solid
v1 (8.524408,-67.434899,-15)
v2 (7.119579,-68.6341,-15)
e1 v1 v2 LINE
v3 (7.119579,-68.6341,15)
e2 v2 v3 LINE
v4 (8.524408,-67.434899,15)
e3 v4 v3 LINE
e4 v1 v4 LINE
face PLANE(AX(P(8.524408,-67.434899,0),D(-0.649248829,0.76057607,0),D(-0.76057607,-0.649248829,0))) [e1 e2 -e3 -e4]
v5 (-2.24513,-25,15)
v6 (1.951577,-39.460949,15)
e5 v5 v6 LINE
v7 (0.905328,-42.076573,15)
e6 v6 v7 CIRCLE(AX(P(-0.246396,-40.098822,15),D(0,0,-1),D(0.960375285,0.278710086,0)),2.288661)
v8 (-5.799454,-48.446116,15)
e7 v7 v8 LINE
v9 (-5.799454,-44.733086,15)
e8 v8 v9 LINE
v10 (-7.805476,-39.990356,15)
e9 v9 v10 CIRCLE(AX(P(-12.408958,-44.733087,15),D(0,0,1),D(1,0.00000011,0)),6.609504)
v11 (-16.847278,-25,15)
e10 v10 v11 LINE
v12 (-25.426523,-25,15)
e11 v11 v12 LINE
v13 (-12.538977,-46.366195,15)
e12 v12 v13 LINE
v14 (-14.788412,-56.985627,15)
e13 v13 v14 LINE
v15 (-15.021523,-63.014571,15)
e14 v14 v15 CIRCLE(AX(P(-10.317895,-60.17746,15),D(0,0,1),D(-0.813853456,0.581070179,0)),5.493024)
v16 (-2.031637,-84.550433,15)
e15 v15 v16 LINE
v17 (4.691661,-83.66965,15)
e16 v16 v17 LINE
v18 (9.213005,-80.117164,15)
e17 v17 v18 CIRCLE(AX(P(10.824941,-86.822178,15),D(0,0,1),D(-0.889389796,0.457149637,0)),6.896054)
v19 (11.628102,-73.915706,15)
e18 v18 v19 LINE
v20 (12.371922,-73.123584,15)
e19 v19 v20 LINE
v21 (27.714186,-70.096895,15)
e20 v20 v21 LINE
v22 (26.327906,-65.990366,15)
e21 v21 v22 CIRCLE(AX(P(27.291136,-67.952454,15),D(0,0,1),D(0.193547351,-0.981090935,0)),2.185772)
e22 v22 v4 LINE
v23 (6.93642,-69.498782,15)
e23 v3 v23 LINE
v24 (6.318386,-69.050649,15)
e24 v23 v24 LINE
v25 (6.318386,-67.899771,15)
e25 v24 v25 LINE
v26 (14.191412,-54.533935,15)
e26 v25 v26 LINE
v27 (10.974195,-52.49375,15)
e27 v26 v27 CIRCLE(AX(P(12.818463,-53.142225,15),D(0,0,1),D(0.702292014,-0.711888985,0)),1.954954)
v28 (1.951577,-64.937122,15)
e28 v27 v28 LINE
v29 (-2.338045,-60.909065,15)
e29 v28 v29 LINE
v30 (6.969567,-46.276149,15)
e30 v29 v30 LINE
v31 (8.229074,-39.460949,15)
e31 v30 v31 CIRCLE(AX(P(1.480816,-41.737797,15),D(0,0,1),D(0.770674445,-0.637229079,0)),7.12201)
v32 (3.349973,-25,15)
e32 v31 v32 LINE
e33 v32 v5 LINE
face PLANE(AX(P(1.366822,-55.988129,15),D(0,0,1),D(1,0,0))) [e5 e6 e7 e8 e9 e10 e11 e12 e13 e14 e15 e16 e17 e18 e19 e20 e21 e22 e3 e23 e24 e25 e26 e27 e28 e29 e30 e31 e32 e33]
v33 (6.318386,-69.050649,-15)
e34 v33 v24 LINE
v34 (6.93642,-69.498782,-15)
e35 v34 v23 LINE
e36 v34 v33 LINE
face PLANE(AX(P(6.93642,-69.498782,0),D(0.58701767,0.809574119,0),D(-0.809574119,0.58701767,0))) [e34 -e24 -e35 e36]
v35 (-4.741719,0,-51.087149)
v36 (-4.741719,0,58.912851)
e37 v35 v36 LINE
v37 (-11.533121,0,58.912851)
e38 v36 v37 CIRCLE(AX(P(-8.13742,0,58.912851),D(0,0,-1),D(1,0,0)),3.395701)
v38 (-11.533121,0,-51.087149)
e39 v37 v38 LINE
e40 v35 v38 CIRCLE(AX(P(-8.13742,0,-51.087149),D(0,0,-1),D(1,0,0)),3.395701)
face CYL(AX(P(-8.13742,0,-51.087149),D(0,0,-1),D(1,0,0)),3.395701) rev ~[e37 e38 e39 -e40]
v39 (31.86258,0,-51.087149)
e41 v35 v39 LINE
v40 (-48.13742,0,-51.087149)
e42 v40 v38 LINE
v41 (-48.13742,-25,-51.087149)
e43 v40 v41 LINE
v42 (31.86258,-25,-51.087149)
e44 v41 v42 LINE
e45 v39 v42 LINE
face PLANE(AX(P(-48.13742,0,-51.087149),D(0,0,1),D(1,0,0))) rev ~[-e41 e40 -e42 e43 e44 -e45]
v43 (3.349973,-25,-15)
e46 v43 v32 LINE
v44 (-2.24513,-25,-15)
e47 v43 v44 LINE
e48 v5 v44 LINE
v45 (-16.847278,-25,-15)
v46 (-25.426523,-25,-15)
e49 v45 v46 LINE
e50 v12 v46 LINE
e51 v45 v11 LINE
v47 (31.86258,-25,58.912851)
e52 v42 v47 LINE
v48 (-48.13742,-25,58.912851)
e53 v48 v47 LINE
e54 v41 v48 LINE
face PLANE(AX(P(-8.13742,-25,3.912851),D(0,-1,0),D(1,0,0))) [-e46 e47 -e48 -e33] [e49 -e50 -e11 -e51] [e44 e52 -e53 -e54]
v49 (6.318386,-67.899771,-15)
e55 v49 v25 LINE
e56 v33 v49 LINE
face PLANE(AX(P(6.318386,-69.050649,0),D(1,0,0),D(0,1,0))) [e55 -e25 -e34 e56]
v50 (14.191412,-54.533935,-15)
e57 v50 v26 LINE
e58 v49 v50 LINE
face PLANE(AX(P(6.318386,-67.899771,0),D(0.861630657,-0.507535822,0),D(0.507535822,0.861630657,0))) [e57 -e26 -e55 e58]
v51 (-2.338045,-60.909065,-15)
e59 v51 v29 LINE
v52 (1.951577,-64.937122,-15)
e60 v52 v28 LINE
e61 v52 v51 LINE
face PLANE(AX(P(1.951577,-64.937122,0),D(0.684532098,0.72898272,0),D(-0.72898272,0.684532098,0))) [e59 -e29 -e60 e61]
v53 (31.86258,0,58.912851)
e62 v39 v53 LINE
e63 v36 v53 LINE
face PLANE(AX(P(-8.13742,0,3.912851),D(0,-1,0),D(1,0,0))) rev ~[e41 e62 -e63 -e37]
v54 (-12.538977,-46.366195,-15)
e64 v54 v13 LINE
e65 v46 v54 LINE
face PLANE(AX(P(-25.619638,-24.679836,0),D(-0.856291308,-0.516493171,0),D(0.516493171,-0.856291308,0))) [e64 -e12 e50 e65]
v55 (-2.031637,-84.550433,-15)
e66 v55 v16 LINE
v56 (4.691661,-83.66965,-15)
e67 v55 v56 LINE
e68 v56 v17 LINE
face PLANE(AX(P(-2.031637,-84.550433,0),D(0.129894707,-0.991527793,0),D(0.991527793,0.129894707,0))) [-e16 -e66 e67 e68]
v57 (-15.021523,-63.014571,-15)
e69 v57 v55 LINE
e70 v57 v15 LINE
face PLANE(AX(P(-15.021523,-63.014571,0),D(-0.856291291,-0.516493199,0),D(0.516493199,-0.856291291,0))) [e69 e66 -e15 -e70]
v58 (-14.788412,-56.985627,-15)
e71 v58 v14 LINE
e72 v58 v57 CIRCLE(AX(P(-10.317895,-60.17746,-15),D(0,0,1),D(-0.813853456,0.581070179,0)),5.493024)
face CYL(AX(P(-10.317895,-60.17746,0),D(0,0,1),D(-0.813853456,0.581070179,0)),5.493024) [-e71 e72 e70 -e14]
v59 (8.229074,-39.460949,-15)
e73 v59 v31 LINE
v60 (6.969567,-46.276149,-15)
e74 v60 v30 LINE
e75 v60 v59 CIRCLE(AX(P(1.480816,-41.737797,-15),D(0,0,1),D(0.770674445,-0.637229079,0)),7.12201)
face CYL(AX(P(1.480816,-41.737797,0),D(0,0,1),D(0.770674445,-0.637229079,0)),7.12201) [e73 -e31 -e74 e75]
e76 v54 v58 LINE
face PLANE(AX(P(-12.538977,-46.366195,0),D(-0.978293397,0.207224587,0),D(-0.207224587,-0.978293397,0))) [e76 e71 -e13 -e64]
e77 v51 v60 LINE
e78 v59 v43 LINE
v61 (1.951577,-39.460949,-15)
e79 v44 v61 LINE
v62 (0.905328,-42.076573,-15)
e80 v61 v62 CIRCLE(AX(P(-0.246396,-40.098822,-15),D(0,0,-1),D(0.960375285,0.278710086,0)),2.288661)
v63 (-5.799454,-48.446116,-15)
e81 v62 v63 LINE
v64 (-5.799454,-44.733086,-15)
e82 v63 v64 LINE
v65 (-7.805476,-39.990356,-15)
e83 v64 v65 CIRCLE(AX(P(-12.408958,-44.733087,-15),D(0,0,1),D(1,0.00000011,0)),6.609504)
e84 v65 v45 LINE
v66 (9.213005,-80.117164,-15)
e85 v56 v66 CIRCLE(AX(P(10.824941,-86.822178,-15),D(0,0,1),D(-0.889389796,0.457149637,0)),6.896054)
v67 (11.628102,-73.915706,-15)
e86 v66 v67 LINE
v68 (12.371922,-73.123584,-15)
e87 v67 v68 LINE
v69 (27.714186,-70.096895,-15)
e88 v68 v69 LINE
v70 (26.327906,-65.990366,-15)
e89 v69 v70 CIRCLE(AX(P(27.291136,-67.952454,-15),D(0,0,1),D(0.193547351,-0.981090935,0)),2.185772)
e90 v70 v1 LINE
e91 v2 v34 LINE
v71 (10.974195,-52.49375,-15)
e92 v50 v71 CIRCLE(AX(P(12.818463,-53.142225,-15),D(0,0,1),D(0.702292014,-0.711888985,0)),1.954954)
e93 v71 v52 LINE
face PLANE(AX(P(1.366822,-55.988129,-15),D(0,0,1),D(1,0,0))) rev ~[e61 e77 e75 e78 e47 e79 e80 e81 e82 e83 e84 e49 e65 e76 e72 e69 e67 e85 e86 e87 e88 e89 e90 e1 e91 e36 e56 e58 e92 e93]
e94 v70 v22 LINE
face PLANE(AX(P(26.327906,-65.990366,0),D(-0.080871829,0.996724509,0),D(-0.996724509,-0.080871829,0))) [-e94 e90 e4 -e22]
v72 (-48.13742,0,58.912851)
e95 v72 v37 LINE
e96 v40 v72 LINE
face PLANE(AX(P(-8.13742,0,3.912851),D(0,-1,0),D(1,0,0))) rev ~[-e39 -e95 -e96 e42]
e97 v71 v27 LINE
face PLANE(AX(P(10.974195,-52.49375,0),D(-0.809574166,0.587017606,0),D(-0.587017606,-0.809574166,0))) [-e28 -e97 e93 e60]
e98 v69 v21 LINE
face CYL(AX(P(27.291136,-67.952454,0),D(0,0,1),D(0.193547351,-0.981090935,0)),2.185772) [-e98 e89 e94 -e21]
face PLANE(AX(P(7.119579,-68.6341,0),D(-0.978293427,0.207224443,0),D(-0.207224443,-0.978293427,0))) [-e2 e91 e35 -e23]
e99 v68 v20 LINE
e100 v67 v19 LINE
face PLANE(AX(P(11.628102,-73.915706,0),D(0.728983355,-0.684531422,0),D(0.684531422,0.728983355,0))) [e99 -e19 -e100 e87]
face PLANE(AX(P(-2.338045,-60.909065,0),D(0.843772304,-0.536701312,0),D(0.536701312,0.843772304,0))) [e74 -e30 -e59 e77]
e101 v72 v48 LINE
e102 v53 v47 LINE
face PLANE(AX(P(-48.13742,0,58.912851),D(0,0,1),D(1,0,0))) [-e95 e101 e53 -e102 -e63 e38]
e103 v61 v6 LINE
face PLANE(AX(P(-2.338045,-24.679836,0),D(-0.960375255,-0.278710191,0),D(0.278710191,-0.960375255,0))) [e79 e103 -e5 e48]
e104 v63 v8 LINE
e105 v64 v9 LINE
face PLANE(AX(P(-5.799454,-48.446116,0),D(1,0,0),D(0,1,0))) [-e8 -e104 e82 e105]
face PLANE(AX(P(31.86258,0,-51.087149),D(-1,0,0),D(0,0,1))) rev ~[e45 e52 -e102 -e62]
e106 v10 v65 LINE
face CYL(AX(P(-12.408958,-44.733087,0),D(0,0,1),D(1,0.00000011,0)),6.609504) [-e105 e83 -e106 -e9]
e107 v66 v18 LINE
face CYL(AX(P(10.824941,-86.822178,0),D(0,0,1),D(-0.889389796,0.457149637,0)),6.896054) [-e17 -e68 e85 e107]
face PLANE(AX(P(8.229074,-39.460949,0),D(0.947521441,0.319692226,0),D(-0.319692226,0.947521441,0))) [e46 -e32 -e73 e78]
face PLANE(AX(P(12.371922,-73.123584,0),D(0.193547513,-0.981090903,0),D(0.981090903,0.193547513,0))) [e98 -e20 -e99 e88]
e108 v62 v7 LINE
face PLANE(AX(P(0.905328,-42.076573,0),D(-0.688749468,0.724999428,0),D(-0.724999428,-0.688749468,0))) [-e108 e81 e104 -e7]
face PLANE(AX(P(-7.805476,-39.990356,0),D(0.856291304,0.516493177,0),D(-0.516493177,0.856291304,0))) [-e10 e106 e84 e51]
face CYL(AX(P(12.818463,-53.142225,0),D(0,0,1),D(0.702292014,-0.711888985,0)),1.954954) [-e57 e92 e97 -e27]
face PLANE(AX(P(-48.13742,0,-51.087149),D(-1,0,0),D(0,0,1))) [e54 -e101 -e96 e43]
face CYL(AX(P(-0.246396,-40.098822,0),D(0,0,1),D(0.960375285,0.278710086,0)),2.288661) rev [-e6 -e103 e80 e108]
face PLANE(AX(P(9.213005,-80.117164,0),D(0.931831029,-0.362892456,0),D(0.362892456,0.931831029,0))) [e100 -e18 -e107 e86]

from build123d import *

# Parameters (mm, degrees)
F0_W     = 80
F0_H     = 110
F1_DEPTH = 25
F3_DEPTH = 122.9
F5_DEPTH = 15


with BuildPart() as f1:
    # F0 (on Front) → F1 (new body)
    with BuildSketch(Plane.XZ):
        with Locations((-8.13742, 3.912851)):
            Rectangle(F0_W, F0_H)
    extrude(amount=F1_DEPTH)

    # F2 (on face) → F3 (cut)
    with BuildSketch(Plane(origin=(0, 0, -51.087149), x_dir=(1, 0, 0), z_dir=(0, 0, -1))):
        with BuildLine():
            ThreePointArc((-11.533121, 0), (-8.13742, -3.395701), (-4.741719, 0))
            Line((-4.741719, 0), (-11.533121, 0))
        make_face()
        with BuildLine():
            Line((-11.533121, 0), (-4.741719, 0))
            ThreePointArc((-4.741719, 0), (-8.13742, 3.395701), (-11.533121, 0))
        make_face()
    extrude(amount=-F3_DEPTH, mode=Mode.SUBTRACT)

    # F4 (on Top) → F5 (join, symmetric)
    with BuildSketch(Plane.XY):
        with BuildLine():
            Line((-25.619638, -24.679836), (-12.538977, -46.366195))
            Line((-12.538977, -46.366195), (-14.788412, -56.985627))
            ThreePointArc((-14.788412, -56.985627), (-15.806818, -59.965228), (-15.021523, -63.014571))
            Line((-15.021523, -63.014571), (-2.031637, -84.550433))
            Line((-2.031637, -84.550433), (4.691661, -83.66965))
            ThreePointArc((4.691661, -83.66965), (15.085472, -92.244671), (9.213005, -80.117164))
            Line((9.213005, -80.117164), (11.628102, -73.915706))
            Line((11.628102, -73.915706), (12.371922, -73.123584))
            Line((12.371922, -73.123584), (27.714186, -70.096895))
            ThreePointArc((27.714186, -70.096895), (29.362088, -67.253343), (26.327906, -65.990366))
            Line((26.327906, -65.990366), (8.524408, -67.434899))
            Line((8.524408, -67.434899), (7.119579, -68.6341))
            Line((7.119579, -68.6341), (6.93642, -69.498782))
            Line((6.93642, -69.498782), (6.318386, -69.050649))
            Line((6.318386, -69.050649), (6.318386, -67.899771))
            Line((6.318386, -67.899771), (14.191412, -54.533935))
            ThreePointArc((14.191412, -54.533935), (13.865423, -51.491249), (10.974195, -52.49375))
            Line((10.974195, -52.49375), (1.951577, -64.937122))
            Line((1.951577, -64.937122), (-2.338045, -60.909065))
            Line((-2.338045, -60.909065), (6.969567, -46.276149))
            ThreePointArc((6.969567, -46.276149), (8.484232, -43.032088), (8.229074, -39.460949))
            Line((8.229074, -39.460949), (3.24195, -24.679836))
            Line((3.24195, -24.679836), (-2.338045, -24.679836))
            Line((-2.338045, -24.679836), (1.951577, -39.460949))
            ThreePointArc((1.951577, -39.460949), (1.878572, -40.948809), (0.905328, -42.076573))
            Line((0.905328, -42.076573), (-5.799454, -48.446116))
            Line((-5.799454, -48.446116), (-5.799454, -44.733086))
            ThreePointArc((-5.799454, -44.733086), (-6.321583, -42.158323), (-7.805476, -39.990356))
            Line((-7.805476, -39.990356), (-17.040393, -24.679836))
            Line((-17.040393, -24.679836), (-25.619638, -24.679836))
        make_face()
    extrude(amount=F5_DEPTH, both=True)


solid = f1.part
